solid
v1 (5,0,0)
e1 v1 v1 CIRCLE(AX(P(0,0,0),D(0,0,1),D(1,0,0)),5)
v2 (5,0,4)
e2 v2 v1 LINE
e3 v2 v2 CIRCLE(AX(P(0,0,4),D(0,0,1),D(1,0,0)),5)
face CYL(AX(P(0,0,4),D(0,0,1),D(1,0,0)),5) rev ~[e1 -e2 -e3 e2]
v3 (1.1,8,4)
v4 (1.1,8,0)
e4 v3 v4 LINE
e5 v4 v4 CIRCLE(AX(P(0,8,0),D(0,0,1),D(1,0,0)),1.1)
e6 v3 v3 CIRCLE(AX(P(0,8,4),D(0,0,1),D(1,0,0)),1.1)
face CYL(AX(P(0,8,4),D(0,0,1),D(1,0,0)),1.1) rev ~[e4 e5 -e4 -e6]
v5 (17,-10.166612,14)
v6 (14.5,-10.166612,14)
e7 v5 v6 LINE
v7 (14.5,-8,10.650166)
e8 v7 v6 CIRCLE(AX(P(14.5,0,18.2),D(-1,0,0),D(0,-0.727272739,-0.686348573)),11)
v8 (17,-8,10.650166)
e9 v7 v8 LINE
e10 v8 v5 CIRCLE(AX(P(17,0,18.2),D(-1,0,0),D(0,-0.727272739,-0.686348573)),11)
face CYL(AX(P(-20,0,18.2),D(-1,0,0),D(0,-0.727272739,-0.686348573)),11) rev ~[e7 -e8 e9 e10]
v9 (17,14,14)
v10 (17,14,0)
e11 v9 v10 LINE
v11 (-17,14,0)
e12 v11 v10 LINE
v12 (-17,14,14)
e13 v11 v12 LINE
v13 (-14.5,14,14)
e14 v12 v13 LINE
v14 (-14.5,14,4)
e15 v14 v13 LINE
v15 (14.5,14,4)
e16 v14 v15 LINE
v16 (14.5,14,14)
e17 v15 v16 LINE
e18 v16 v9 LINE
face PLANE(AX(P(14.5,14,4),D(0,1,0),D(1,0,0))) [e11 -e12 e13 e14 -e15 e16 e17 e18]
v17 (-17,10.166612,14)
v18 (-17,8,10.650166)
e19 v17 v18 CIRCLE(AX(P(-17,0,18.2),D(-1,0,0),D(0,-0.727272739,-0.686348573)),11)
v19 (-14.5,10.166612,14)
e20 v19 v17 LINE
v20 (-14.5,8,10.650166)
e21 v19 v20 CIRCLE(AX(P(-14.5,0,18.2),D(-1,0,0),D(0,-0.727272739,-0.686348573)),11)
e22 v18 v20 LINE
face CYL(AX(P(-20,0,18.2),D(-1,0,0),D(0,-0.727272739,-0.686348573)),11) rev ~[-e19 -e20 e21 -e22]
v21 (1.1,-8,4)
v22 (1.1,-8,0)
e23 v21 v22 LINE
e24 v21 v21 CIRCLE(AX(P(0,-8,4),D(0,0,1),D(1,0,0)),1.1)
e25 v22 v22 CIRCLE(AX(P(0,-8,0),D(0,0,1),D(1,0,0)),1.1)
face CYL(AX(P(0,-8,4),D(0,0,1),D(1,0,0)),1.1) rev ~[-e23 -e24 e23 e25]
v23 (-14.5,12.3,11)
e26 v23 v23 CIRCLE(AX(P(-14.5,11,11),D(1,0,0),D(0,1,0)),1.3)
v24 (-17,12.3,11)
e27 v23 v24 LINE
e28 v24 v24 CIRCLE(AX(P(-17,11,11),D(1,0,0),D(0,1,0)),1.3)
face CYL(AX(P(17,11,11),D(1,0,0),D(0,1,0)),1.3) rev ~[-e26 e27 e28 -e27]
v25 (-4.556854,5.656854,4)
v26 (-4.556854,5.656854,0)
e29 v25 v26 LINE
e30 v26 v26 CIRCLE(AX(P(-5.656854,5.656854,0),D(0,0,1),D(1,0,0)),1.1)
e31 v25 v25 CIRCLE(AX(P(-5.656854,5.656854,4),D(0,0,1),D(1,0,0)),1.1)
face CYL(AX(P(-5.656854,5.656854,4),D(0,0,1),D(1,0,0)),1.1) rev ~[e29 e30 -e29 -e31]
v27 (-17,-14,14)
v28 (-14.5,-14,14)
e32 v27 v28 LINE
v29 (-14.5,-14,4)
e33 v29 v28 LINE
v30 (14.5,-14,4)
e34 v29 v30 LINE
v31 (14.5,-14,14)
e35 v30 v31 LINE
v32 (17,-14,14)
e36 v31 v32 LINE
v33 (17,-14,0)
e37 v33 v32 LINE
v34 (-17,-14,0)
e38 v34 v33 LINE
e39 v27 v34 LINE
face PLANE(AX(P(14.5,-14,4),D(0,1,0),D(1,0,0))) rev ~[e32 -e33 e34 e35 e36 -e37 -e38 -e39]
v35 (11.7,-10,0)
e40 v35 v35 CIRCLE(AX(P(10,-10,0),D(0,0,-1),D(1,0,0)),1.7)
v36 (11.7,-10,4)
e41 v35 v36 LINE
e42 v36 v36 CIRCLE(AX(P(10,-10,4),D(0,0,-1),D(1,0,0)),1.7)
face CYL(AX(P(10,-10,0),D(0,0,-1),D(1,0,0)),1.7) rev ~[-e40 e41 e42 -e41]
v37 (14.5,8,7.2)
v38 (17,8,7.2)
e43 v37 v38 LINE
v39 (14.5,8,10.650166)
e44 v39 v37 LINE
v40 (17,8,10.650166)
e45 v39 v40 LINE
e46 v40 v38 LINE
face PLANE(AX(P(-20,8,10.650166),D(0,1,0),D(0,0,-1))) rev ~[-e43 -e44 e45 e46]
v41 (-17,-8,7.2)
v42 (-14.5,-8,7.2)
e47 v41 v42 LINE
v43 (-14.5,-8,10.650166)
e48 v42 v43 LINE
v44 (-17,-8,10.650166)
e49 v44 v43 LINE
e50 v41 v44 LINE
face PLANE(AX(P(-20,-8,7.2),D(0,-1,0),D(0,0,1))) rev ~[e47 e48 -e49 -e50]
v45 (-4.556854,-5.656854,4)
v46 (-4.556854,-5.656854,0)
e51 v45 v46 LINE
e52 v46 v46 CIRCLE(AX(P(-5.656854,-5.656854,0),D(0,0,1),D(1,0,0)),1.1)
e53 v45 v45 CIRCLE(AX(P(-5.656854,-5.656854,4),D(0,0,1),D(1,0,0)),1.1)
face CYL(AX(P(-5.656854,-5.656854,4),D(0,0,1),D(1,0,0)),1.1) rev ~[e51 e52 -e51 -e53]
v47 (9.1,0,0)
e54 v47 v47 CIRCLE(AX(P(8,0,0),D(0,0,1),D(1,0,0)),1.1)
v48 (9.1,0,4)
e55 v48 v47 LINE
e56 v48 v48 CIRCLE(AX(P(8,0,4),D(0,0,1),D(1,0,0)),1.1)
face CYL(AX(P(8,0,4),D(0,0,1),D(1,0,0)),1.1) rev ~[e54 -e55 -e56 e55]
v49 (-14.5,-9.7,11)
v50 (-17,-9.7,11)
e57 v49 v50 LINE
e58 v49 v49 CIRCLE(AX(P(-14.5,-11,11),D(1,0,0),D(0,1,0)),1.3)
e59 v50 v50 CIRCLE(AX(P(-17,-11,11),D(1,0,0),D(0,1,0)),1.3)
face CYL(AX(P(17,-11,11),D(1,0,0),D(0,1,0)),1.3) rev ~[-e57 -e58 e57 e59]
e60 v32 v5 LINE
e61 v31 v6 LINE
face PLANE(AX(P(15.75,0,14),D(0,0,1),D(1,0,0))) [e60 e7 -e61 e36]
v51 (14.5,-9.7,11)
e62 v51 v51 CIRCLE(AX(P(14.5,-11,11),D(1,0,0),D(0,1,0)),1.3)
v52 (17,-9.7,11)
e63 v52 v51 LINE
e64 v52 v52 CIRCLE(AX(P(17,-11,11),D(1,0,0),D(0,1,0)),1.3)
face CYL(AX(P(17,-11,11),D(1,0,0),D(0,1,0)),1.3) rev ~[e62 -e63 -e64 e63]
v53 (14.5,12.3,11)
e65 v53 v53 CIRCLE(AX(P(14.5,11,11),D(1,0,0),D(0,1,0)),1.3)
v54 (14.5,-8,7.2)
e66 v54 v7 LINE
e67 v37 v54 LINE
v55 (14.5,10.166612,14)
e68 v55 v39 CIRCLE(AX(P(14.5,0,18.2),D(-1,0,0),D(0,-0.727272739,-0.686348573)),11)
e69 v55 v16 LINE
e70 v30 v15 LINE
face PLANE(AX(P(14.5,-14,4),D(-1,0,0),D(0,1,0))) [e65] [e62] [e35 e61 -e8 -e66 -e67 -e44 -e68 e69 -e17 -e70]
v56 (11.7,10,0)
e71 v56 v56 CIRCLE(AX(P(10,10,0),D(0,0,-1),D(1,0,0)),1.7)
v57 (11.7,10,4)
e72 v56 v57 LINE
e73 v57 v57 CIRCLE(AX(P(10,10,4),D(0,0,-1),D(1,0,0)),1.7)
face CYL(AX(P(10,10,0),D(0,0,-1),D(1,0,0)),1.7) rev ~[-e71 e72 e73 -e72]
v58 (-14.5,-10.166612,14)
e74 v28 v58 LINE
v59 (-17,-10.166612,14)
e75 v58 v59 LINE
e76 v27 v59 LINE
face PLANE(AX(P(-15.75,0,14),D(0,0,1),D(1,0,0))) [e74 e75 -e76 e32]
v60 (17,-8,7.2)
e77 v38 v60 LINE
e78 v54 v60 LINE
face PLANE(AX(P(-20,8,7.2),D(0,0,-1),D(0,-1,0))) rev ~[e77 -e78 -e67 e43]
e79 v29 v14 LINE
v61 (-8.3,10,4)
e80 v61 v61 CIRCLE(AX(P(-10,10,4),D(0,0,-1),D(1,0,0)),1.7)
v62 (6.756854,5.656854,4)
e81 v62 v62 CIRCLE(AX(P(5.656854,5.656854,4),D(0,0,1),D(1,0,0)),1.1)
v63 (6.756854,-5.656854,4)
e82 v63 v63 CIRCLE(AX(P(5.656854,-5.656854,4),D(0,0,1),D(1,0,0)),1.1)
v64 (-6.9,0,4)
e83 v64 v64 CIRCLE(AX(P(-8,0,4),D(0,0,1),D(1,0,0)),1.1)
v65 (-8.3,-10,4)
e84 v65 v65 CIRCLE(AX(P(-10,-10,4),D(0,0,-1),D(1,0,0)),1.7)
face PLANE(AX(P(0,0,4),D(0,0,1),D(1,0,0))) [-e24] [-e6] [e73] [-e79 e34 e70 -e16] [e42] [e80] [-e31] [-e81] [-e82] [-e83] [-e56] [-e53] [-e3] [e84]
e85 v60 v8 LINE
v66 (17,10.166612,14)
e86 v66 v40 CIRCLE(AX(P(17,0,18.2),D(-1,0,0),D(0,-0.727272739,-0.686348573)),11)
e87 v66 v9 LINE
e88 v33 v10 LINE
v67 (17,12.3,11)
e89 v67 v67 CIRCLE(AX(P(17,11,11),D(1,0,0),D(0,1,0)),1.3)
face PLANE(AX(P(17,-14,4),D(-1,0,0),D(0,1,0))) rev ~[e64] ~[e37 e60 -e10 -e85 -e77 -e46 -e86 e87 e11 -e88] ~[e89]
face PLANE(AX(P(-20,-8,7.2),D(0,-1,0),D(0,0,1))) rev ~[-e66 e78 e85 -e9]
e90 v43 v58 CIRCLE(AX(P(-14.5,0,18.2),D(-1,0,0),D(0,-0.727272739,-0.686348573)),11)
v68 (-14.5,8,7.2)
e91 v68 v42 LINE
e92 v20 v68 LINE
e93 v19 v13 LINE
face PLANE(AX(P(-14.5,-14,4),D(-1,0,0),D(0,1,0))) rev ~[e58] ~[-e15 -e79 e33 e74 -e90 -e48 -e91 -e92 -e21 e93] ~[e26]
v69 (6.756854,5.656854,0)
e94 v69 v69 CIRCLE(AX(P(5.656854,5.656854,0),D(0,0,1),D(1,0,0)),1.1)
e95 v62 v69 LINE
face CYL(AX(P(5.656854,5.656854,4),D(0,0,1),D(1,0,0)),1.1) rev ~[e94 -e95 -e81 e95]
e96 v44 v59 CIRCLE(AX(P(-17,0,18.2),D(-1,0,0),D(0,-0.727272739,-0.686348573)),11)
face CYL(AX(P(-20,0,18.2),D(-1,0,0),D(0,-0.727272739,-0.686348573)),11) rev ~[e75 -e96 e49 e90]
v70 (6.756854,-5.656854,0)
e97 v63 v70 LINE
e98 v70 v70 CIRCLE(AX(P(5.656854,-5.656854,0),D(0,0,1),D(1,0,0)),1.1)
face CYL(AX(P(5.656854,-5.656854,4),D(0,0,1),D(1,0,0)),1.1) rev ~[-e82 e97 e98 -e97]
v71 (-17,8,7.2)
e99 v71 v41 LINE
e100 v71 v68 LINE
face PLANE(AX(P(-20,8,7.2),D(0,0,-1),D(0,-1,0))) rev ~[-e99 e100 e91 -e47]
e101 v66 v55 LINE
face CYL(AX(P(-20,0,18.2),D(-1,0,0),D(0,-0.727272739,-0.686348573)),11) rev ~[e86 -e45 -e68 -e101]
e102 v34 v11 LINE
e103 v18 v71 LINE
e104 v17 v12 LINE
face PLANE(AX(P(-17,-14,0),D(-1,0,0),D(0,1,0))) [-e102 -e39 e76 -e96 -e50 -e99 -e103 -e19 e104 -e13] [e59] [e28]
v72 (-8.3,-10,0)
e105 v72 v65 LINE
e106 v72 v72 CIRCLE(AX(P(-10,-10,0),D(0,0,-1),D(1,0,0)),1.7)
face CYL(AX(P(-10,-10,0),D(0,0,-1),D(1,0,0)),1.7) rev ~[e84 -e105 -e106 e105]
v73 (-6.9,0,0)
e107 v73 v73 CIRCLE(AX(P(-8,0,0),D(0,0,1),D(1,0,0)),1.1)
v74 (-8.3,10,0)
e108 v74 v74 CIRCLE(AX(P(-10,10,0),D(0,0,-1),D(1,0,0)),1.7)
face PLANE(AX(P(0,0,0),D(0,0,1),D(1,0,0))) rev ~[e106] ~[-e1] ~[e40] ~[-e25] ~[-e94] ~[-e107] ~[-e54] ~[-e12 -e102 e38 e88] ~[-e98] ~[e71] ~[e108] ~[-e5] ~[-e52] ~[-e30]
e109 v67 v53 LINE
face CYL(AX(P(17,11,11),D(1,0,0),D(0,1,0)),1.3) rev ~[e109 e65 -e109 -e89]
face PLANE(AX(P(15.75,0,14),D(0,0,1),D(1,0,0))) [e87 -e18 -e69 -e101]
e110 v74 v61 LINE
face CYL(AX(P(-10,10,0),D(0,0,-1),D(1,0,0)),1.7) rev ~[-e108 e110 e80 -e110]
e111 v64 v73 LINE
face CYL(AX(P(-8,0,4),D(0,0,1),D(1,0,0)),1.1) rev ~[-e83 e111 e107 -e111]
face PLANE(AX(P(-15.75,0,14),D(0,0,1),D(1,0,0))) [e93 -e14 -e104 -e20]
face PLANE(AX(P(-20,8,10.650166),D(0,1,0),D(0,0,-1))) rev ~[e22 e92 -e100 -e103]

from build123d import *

# Parameters (mm, degrees)
SKETCH_W        = 34
SKETCH_H        = 28
PAD_DEPTH       = 4
SKETCH001_W     = 2.5
SKETCH001_H     = 28
PAD001_DEPTH    = 10
SKETCH002_R     = 1.3
POCKET_DEPTH    = 100
POCKET003_DEPTH = 100
SKETCH004_R     = 1.1
SKETCH004_R_2   = 5
POCKET007_DEPTH = 5
SKETCH008_R     = 1.7
POCKET009_DEPTH = 10


with BuildPart() as part:
    # Sketch → Pad (new body)
    with BuildSketch(Plane.XY):
        Rectangle(SKETCH_W, SKETCH_H)
    extrude(amount=PAD_DEPTH)

    # Sketch001 (on Face6 of Pad) → Pad001 (join)
    with BuildSketch(Plane.XY.offset(4)):
        with Locations((15.75, 0)):
            Rectangle(SKETCH001_W, SKETCH001_H)
        with Locations((-15.75, 0)):
            Rectangle(SKETCH001_W, SKETCH001_H)
    extrude(amount=PAD001_DEPTH)

    # Sketch002 (on Face13 of Pad001) → Pocket (cut)
    with BuildSketch(Plane.YZ.offset(17)):
        with Locations((-11, 11)):
            Circle(SKETCH002_R)
        with Locations((11, 11)):
            Circle(SKETCH002_R)
    extrude(amount=-POCKET_DEPTH, mode=Mode.SUBTRACT)

    # Sketch006 → Pocket003 (cut)
    with BuildSketch(Plane(origin=(-20, 0, 0), x_dir=(0, -1, 0), z_dir=(-1, 0, 0))):
        with BuildLine():
            ThreePointArc((8, 10.650166), (0, 29.2), (-8, 10.650166))
            Line((-8, 10.650166), (-8, 7.2))
            Line((-8, 7.2), (8, 7.2))
            Line((8, 7.2), (8, 10.650166))
        make_face()
    extrude(amount=-POCKET003_DEPTH, mode=Mode.SUBTRACT)

    # Sketch004 → Pocket007 (cut)
    with BuildSketch(Plane.XY.offset(4)):
        with Locations((0, 8)):
            Circle(SKETCH004_R)
        with Locations((8, 0)):
            Circle(SKETCH004_R)
        with Locations((0, -8)):
            Circle(SKETCH004_R)
        with Locations((-8, 0)):
            Circle(SKETCH004_R)
        Circle(SKETCH004_R_2)
        with Locations((5.656854, 5.656854)):
            Circle(SKETCH004_R)
        with Locations((-5.656854, 5.656854)):
            Circle(SKETCH004_R)
        with Locations((-5.656854, -5.656854)):
            Circle(SKETCH004_R)
        with Locations((5.656854, -5.656854)):
            Circle(SKETCH004_R)
    extrude(amount=-POCKET007_DEPTH, mode=Mode.SUBTRACT)

    # Sketch008 → Pocket009 (cut)
    with BuildSketch(Plane(origin=(0, 0, 0), x_dir=(1, 0, 0), z_dir=(0, 0, -1))):
        with Locations((10, 10)):
            Circle(SKETCH008_R)
        with Locations((-10, 10)):
            Circle(SKETCH008_R)
        with Locations((-10, -10)):
            Circle(SKETCH008_R)
        with Locations((10, -10)):
            Circle(SKETCH008_R)
    extrude(amount=-POCKET009_DEPTH, mode=Mode.SUBTRACT)


solid = part.part
